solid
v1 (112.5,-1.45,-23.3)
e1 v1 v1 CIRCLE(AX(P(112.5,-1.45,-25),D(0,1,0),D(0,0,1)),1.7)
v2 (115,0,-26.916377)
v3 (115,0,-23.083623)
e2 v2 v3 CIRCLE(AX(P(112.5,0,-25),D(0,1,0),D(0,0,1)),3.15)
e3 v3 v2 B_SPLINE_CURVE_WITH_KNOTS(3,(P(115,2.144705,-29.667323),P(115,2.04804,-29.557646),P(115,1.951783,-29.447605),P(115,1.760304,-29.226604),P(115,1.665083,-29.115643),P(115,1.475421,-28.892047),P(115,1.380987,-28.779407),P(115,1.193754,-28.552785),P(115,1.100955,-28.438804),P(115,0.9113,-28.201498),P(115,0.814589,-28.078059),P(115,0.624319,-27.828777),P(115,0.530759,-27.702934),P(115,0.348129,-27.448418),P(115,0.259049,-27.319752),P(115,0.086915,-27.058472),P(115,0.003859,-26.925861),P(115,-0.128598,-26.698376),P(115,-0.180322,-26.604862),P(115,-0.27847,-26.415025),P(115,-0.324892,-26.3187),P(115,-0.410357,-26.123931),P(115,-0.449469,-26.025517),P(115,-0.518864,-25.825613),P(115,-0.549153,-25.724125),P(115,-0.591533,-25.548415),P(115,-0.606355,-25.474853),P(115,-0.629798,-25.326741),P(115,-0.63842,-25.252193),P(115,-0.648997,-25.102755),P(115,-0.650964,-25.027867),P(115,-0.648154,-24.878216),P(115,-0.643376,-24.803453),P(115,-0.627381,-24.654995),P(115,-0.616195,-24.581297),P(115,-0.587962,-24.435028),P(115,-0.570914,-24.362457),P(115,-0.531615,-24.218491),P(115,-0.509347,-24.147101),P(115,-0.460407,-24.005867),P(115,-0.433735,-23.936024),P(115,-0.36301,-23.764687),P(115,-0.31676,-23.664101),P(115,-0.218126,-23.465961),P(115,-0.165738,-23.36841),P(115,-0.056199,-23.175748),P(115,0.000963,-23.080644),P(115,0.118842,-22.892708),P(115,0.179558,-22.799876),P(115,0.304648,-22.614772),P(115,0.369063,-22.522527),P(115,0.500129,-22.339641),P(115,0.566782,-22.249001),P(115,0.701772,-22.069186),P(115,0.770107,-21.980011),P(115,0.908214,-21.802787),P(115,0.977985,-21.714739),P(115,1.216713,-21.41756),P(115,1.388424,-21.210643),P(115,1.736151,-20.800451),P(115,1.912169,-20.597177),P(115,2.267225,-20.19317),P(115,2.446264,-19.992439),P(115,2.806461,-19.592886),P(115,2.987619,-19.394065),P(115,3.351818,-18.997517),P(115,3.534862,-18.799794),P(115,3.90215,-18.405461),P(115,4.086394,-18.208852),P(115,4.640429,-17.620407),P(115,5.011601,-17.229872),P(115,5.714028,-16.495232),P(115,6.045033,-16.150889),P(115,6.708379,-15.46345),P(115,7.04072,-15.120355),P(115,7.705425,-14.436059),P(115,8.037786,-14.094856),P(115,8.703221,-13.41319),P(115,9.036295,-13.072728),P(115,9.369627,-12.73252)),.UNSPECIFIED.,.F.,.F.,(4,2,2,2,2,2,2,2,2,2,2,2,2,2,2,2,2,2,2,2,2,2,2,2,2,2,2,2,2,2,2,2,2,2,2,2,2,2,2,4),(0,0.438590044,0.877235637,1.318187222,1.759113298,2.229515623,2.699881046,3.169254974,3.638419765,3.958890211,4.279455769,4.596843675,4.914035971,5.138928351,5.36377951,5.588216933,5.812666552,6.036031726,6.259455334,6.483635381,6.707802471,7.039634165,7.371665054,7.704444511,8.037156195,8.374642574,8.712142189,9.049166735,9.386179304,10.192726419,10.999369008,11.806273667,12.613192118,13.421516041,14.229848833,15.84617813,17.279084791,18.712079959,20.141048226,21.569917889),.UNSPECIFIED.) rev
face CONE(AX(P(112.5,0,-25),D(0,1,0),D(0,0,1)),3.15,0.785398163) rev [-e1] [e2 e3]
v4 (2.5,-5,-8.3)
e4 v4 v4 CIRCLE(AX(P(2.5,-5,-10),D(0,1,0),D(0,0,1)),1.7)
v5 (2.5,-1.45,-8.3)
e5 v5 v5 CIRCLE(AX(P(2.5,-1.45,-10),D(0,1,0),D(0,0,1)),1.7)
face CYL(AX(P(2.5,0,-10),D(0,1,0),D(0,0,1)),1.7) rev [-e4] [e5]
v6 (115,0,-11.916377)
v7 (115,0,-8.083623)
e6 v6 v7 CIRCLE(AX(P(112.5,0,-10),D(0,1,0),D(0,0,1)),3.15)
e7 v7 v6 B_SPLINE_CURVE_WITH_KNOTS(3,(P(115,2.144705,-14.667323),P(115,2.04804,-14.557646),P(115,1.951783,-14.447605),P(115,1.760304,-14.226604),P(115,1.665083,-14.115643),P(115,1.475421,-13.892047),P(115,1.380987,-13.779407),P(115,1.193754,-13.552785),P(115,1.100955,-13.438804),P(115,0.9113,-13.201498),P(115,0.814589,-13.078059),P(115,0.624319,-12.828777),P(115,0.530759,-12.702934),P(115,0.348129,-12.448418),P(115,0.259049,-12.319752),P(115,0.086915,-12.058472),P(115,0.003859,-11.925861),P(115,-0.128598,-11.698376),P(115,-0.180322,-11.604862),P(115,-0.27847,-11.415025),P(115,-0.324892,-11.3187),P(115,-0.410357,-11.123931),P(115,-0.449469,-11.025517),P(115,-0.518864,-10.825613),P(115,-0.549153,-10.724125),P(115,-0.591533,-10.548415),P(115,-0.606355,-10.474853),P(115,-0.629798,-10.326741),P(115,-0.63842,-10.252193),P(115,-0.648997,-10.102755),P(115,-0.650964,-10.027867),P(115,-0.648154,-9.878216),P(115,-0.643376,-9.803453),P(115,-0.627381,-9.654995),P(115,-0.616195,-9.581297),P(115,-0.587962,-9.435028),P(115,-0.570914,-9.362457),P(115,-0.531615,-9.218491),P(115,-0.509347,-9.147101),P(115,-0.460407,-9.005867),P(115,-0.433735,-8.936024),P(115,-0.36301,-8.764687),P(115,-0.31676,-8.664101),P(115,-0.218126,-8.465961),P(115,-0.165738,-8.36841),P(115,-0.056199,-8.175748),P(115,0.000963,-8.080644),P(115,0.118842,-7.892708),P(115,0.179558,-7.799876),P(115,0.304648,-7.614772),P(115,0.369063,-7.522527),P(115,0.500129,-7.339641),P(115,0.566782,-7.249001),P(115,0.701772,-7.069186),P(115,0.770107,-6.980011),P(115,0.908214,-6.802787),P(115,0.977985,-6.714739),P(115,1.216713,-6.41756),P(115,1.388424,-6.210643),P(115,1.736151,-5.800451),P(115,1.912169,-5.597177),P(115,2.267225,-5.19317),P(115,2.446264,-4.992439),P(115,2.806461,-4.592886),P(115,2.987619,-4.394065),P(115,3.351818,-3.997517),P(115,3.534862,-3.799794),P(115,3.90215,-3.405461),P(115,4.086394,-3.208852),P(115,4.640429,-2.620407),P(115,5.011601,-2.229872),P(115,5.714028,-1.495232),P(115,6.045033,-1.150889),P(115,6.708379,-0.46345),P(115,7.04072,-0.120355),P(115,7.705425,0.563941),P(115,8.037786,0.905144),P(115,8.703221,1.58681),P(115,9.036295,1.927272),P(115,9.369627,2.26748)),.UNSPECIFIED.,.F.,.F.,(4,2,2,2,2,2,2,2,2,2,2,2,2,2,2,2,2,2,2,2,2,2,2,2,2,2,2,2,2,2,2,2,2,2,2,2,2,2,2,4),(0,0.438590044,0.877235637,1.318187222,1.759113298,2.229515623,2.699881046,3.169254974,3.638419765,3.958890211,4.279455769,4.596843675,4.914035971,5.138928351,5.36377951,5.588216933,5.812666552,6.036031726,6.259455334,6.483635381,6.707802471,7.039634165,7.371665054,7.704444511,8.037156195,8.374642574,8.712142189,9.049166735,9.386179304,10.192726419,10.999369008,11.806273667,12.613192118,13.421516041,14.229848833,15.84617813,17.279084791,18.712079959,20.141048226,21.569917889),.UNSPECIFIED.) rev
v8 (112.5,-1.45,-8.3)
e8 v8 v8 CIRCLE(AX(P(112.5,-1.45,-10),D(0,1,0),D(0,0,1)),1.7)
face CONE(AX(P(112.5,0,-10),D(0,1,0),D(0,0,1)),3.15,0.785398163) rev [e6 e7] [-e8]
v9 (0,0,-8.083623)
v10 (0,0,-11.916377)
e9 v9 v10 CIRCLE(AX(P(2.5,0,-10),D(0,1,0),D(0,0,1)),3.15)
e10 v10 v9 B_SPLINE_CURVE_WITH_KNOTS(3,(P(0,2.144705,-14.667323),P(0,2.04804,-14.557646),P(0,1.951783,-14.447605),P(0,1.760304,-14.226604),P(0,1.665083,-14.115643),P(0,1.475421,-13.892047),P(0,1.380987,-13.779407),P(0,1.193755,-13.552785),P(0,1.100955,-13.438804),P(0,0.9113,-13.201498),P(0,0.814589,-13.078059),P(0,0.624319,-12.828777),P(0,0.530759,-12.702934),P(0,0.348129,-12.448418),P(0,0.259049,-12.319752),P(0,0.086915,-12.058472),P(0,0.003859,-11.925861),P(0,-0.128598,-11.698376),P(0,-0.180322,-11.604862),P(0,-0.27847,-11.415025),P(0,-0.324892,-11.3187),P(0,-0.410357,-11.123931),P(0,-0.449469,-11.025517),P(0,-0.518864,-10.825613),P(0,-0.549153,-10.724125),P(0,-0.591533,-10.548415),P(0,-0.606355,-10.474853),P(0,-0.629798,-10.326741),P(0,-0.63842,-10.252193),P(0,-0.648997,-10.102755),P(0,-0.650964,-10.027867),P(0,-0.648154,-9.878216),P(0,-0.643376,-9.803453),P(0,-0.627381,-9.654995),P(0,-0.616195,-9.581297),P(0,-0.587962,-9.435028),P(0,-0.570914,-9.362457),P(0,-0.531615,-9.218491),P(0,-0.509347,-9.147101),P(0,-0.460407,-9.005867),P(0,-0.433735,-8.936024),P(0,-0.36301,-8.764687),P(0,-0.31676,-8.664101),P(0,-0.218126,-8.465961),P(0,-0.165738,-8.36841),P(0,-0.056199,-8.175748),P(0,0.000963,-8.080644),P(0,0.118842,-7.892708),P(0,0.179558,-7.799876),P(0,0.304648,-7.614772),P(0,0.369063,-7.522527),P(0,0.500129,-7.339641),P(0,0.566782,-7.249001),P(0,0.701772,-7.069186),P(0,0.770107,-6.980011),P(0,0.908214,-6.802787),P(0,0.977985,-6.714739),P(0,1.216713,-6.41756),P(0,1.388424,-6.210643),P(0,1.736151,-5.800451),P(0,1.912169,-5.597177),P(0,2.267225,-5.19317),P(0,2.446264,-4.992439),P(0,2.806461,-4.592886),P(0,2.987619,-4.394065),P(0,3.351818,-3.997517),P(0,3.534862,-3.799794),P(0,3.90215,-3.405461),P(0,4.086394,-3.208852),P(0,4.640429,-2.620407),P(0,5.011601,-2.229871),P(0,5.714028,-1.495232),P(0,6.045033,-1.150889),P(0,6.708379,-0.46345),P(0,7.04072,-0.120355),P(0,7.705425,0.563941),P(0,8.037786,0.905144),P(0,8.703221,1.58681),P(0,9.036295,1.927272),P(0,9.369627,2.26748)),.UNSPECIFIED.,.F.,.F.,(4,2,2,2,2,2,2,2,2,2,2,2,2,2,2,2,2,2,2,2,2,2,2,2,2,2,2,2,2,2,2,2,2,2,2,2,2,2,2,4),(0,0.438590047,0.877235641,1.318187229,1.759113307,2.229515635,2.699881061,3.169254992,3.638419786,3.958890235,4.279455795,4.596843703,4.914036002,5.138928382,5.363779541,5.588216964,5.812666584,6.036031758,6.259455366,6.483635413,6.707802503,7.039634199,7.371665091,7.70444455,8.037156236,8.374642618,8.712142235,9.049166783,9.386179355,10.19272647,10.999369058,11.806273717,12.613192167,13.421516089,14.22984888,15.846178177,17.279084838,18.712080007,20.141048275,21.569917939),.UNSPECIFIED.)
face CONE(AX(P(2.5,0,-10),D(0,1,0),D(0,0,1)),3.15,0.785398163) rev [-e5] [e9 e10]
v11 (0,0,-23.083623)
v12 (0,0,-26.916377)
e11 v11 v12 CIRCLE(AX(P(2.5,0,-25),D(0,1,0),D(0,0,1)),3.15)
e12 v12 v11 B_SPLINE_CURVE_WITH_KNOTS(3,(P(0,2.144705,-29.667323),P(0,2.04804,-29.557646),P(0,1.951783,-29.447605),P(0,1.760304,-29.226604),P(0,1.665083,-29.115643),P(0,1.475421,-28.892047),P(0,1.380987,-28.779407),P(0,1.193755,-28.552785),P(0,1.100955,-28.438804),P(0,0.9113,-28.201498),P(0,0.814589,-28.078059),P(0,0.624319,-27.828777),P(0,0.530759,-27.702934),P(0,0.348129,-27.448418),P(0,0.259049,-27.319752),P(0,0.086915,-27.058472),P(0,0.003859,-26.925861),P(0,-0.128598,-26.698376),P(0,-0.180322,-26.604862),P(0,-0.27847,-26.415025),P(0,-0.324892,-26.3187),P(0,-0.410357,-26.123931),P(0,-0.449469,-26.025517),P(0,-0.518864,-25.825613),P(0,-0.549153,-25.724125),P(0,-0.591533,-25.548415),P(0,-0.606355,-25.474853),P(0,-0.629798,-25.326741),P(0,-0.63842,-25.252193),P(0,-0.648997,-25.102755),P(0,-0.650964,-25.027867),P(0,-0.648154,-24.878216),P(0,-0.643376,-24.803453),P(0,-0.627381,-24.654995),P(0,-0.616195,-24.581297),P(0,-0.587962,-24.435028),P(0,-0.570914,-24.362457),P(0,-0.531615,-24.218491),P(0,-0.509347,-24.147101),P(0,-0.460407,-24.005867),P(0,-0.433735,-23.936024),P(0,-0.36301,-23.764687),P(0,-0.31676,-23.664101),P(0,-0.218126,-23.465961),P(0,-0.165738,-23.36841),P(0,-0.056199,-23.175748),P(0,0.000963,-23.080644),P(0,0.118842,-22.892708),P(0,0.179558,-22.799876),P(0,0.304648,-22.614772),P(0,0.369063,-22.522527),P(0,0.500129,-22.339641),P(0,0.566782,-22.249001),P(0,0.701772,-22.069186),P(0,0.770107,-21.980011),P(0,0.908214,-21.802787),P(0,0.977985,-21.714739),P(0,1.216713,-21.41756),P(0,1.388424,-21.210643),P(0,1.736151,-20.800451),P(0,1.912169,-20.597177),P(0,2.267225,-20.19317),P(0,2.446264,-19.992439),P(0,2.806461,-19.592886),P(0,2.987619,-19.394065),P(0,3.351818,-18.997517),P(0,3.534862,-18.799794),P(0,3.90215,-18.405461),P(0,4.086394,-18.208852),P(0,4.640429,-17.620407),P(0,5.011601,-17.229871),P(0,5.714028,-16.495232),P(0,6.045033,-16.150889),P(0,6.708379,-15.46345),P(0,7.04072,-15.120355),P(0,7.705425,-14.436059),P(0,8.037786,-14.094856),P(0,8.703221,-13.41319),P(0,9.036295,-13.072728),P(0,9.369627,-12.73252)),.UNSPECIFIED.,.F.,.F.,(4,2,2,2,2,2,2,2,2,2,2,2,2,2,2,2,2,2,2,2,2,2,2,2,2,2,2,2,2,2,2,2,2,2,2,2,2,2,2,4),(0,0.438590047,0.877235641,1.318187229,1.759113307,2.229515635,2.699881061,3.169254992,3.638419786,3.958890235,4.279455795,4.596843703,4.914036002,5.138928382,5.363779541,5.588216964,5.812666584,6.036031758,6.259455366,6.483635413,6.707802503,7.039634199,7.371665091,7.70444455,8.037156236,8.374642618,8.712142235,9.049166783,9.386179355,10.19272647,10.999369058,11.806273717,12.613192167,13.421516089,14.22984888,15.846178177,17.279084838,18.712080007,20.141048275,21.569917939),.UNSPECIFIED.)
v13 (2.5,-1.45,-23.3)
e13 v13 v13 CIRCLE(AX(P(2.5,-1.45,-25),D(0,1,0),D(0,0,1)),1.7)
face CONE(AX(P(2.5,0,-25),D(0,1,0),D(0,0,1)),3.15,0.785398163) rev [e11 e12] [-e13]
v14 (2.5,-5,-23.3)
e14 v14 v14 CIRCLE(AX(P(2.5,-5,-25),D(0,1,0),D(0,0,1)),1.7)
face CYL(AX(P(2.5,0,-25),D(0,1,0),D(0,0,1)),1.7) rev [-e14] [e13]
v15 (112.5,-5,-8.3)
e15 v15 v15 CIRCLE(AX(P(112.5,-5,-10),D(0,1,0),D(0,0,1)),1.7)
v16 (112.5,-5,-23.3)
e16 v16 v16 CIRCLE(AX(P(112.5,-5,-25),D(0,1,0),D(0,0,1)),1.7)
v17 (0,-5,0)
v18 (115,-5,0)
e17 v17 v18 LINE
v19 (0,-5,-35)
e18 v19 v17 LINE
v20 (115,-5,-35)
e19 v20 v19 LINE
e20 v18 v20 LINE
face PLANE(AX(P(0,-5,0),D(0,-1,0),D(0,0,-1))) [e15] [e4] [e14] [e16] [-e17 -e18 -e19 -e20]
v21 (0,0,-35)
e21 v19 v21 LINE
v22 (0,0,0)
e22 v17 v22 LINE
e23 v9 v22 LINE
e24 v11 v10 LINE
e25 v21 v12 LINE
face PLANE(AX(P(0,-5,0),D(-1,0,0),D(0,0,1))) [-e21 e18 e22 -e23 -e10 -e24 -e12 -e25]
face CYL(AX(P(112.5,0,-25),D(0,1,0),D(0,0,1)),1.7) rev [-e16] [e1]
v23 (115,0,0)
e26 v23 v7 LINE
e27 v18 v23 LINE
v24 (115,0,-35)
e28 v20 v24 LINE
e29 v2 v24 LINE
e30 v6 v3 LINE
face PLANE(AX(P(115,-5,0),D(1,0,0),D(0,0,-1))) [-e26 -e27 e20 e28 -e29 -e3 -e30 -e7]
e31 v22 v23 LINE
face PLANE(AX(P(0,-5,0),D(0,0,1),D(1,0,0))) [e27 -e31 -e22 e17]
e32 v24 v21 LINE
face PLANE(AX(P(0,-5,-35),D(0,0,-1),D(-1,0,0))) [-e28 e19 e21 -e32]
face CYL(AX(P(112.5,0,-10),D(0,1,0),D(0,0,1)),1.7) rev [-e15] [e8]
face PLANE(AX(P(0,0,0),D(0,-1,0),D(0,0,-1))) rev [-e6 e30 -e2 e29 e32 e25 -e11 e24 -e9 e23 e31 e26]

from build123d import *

# Parameters (mm, degrees)
SKETCH1_W                                           = 115
SKETCH1_H                                           = 35
BOSS_EXTRUDE1_DEPTH                                 = 5
CSK_FOR_M3_FLAT_COUNTERSUNK_HEAD_SCREW1_D           = 3.4
CSK_FOR_M3_FLAT_COUNTERSUNK_HEAD_SCREW1_CSINK_D     = 6.3
CSK_FOR_M3_FLAT_COUNTERSUNK_HEAD_SCREW1_CSINK_ANGLE = 90


with BuildPart() as part:
    # Sketch1 → Boss-Extrude1 (new body)
    with BuildSketch(Plane(origin=(0, 0, 0), x_dir=(1, 0, 0), z_dir=(0, 1, 0))):
        with Locations((57.5, 17.5)):
            Rectangle(SKETCH1_W, SKETCH1_H)
    extrude(amount=-BOSS_EXTRUDE1_DEPTH)

    # CSK for M3 Flat Countersunk Head Screw1 (through all)
    with Locations(Plane(origin=(0, 0, 0), x_dir=(1, 0, 0), z_dir=(0, 1, 0))):
        with Locations((2.5, 25), (2.5, 10), (112.5, 25), (112.5, 10)):
            CounterSinkHole(CSK_FOR_M3_FLAT_COUNTERSUNK_HEAD_SCREW1_D / 2, CSK_FOR_M3_FLAT_COUNTERSUNK_HEAD_SCREW1_CSINK_D / 2, counter_sink_angle=CSK_FOR_M3_FLAT_COUNTERSUNK_HEAD_SCREW1_CSINK_ANGLE)


solid = part.part
